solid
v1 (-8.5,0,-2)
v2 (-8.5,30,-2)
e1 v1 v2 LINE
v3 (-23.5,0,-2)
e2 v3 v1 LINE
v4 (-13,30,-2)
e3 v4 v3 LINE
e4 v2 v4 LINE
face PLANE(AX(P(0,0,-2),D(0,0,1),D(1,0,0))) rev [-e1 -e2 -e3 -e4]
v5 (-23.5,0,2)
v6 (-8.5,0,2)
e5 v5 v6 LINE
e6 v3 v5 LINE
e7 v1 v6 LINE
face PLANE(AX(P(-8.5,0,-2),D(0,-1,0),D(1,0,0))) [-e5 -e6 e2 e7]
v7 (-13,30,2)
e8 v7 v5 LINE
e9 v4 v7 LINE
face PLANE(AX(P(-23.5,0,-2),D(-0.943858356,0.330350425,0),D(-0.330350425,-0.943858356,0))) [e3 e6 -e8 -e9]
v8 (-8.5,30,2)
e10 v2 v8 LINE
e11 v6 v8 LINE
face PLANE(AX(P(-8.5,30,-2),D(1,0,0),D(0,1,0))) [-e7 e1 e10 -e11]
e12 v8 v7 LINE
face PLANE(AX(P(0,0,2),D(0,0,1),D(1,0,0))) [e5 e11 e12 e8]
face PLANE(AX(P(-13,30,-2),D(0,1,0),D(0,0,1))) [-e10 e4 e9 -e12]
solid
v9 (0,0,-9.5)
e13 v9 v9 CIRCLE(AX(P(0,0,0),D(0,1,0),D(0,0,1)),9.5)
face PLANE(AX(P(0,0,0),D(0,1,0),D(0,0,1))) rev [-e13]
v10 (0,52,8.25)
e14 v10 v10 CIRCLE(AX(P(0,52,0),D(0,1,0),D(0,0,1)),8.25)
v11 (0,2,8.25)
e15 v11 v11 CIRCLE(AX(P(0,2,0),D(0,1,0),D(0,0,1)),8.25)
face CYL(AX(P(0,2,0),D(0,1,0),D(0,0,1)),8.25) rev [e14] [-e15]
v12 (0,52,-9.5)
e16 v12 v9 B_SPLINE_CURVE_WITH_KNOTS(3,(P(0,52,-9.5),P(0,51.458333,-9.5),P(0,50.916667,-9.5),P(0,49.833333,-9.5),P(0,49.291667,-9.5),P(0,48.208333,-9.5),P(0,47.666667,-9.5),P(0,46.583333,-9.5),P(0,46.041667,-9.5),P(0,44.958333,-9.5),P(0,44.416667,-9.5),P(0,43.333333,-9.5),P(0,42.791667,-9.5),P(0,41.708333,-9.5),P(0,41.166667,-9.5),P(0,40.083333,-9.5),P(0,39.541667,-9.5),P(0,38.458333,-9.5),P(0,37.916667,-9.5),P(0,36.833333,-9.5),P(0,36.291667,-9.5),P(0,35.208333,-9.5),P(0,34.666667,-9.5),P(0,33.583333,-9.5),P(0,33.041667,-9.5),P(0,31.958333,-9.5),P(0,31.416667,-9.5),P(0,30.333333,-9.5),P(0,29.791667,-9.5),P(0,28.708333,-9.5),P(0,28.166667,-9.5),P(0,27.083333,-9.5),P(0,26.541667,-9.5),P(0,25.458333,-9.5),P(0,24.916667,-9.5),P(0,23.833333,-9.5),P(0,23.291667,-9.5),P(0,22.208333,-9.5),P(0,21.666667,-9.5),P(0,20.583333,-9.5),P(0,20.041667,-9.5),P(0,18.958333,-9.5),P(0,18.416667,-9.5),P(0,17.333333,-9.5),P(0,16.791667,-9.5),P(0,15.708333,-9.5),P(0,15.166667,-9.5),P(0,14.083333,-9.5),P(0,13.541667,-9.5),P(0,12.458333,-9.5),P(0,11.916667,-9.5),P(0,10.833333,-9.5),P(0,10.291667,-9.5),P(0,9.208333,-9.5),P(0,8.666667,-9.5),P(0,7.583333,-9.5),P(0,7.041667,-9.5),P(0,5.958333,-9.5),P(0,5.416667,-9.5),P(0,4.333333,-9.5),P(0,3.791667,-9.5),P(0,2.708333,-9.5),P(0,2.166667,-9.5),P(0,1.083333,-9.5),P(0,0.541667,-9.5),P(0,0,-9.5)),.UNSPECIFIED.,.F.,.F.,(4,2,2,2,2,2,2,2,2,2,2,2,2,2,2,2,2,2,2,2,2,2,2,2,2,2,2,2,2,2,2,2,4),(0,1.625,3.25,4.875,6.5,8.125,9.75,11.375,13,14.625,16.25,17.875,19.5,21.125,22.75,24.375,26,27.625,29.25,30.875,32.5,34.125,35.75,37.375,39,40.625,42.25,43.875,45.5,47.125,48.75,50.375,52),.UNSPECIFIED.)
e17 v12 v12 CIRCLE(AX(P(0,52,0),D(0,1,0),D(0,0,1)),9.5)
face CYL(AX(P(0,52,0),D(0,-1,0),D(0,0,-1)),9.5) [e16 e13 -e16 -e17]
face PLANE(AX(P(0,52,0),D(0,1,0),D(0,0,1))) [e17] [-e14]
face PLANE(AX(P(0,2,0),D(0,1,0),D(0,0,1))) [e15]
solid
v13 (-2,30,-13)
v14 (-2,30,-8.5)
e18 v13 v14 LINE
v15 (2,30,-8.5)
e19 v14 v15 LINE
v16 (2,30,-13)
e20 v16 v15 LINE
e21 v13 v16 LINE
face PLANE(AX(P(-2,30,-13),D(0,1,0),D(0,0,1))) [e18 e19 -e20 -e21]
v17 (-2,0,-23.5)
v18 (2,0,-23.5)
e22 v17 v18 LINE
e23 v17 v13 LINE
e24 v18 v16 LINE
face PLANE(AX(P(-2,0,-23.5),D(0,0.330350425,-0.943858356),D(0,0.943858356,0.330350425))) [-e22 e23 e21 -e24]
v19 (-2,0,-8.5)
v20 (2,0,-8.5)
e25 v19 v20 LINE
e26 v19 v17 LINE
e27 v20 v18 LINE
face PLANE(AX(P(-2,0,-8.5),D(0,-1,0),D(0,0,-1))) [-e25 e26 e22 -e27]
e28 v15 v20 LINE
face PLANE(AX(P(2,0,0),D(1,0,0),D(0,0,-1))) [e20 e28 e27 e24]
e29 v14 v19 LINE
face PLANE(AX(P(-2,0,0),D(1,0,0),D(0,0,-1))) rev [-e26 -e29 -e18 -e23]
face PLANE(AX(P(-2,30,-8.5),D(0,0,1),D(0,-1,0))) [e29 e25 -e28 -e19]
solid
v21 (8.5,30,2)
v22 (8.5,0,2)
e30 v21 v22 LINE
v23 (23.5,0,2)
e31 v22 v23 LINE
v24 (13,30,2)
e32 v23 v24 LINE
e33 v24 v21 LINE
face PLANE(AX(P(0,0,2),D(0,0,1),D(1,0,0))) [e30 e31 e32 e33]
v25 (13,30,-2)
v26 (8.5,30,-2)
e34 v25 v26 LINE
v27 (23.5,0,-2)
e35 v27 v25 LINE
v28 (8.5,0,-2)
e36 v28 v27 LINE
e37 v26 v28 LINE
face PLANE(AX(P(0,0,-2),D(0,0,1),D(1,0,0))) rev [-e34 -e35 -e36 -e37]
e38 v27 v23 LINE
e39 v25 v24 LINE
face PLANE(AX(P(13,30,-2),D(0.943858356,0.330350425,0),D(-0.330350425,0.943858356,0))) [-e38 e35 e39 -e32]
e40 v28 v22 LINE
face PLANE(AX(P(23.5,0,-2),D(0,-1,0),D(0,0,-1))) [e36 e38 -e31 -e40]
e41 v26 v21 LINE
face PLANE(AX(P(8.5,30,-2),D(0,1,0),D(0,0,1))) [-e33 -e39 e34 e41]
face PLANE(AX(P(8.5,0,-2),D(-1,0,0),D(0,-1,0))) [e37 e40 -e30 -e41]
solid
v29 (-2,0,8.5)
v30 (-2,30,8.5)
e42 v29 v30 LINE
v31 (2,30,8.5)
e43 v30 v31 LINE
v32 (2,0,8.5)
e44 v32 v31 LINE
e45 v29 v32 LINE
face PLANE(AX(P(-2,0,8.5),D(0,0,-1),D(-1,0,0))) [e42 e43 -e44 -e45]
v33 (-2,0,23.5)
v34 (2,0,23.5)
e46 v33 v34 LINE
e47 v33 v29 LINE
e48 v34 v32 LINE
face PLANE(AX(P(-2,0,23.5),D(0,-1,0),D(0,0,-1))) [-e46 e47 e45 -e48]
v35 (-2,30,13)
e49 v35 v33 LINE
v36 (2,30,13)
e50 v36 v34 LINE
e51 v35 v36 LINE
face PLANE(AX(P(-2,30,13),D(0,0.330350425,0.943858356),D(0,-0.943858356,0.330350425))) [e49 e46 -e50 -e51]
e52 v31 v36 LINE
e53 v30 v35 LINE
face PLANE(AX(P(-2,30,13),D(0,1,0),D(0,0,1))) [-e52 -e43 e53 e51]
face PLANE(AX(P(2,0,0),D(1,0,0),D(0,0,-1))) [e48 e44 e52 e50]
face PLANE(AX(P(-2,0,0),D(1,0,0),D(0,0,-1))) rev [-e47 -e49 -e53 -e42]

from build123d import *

# Parameters (mm, degrees)
SKETCH1_R                  = 9.5
BOSS_EXTRUDE1_DEPTH        = 52
SKETCH2_R                  = 8.25
CUT_EXTRUDE1_DEPTH         = 50
BOSS_EXTRUDE2_DEPTH        = 2
BOSS_EXTRUDE2_DEPTH_BACK   = 2
BOSS_EXTRUDE2_2_DEPTH      = 2
BOSS_EXTRUDE2_2_DEPTH_BACK = 2
BOSS_EXTRUDE3_DEPTH        = 2
BOSS_EXTRUDE3_DEPTH_BACK   = 2
BOSS_EXTRUDE3_2_DEPTH      = 2
BOSS_EXTRUDE3_2_DEPTH_BACK = 2


with BuildPart() as part:
    # Sketch1 → Boss-Extrude1 (new body)
    with BuildSketch(Plane(origin=(0, 0, 0), x_dir=(1, 0, 0), z_dir=(0, 1, 0))):
        Circle(SKETCH1_R)
    extrude(amount=BOSS_EXTRUDE1_DEPTH)

    # Sketch2 → Cut-Extrude1 (cut)
    with BuildSketch(Plane(origin=(0, 52, 0), x_dir=(1, 0, 0), z_dir=(0, 1, 0))):
        Circle(SKETCH2_R)
    extrude(amount=-CUT_EXTRUDE1_DEPTH, mode=Mode.SUBTRACT)


with BuildPart() as body_2:
    # Sketch3 → Boss-Extrude2 (new, two sides: drawn at the far end of the back side and taken through both)
    with BuildSketch(Plane(origin=(0, 0, 0), x_dir=(0, 0, -1), z_dir=(1, 0, 0)).offset(-BOSS_EXTRUDE2_DEPTH_BACK)):
        Polygon((-13, 30), (-23.5, 0), (-8.5, 0), (-8.5, 30), align=None)
    extrude(amount=BOSS_EXTRUDE2_DEPTH + BOSS_EXTRUDE2_DEPTH_BACK)


with BuildPart() as body_3:
    # Sketch3 → Boss-Extrude2 2 (new, two sides: drawn at the far end of the back side and taken through both)
    with BuildSketch(Plane(origin=(0, 0, 0), x_dir=(0, 0, -1), z_dir=(1, 0, 0)).offset(-BOSS_EXTRUDE2_2_DEPTH_BACK)):
        Polygon((23.5, 0), (13, 30), (8.5, 30), (8.5, 0), align=None)
    extrude(amount=BOSS_EXTRUDE2_2_DEPTH + BOSS_EXTRUDE2_2_DEPTH_BACK)


with BuildPart() as body_4:
    # Sketch4 → Boss-Extrude3 (new, two sides: drawn at the far end of the back side and taken through both)
    with BuildSketch(Plane.XY.offset(-BOSS_EXTRUDE3_DEPTH_BACK)):
        Polygon((13, 30), (23.5, 0), (8.5, 0), (8.5, 30), align=None)
    extrude(amount=BOSS_EXTRUDE3_DEPTH + BOSS_EXTRUDE3_DEPTH_BACK)


with BuildPart() as body_5:
    # Sketch4 → Boss-Extrude3 2 (new, two sides: drawn at the far end of the back side and taken through both)
    with BuildSketch(Plane.XY.offset(-BOSS_EXTRUDE3_2_DEPTH_BACK)):
        Polygon((-23.5, 0), (-13, 30), (-8.5, 30), (-8.5, 0), align=None)
    extrude(amount=BOSS_EXTRUDE3_2_DEPTH + BOSS_EXTRUDE3_2_DEPTH_BACK)


solid = Compound([part.part, body_2.part, body_3.part, body_4.part, body_5.part])
